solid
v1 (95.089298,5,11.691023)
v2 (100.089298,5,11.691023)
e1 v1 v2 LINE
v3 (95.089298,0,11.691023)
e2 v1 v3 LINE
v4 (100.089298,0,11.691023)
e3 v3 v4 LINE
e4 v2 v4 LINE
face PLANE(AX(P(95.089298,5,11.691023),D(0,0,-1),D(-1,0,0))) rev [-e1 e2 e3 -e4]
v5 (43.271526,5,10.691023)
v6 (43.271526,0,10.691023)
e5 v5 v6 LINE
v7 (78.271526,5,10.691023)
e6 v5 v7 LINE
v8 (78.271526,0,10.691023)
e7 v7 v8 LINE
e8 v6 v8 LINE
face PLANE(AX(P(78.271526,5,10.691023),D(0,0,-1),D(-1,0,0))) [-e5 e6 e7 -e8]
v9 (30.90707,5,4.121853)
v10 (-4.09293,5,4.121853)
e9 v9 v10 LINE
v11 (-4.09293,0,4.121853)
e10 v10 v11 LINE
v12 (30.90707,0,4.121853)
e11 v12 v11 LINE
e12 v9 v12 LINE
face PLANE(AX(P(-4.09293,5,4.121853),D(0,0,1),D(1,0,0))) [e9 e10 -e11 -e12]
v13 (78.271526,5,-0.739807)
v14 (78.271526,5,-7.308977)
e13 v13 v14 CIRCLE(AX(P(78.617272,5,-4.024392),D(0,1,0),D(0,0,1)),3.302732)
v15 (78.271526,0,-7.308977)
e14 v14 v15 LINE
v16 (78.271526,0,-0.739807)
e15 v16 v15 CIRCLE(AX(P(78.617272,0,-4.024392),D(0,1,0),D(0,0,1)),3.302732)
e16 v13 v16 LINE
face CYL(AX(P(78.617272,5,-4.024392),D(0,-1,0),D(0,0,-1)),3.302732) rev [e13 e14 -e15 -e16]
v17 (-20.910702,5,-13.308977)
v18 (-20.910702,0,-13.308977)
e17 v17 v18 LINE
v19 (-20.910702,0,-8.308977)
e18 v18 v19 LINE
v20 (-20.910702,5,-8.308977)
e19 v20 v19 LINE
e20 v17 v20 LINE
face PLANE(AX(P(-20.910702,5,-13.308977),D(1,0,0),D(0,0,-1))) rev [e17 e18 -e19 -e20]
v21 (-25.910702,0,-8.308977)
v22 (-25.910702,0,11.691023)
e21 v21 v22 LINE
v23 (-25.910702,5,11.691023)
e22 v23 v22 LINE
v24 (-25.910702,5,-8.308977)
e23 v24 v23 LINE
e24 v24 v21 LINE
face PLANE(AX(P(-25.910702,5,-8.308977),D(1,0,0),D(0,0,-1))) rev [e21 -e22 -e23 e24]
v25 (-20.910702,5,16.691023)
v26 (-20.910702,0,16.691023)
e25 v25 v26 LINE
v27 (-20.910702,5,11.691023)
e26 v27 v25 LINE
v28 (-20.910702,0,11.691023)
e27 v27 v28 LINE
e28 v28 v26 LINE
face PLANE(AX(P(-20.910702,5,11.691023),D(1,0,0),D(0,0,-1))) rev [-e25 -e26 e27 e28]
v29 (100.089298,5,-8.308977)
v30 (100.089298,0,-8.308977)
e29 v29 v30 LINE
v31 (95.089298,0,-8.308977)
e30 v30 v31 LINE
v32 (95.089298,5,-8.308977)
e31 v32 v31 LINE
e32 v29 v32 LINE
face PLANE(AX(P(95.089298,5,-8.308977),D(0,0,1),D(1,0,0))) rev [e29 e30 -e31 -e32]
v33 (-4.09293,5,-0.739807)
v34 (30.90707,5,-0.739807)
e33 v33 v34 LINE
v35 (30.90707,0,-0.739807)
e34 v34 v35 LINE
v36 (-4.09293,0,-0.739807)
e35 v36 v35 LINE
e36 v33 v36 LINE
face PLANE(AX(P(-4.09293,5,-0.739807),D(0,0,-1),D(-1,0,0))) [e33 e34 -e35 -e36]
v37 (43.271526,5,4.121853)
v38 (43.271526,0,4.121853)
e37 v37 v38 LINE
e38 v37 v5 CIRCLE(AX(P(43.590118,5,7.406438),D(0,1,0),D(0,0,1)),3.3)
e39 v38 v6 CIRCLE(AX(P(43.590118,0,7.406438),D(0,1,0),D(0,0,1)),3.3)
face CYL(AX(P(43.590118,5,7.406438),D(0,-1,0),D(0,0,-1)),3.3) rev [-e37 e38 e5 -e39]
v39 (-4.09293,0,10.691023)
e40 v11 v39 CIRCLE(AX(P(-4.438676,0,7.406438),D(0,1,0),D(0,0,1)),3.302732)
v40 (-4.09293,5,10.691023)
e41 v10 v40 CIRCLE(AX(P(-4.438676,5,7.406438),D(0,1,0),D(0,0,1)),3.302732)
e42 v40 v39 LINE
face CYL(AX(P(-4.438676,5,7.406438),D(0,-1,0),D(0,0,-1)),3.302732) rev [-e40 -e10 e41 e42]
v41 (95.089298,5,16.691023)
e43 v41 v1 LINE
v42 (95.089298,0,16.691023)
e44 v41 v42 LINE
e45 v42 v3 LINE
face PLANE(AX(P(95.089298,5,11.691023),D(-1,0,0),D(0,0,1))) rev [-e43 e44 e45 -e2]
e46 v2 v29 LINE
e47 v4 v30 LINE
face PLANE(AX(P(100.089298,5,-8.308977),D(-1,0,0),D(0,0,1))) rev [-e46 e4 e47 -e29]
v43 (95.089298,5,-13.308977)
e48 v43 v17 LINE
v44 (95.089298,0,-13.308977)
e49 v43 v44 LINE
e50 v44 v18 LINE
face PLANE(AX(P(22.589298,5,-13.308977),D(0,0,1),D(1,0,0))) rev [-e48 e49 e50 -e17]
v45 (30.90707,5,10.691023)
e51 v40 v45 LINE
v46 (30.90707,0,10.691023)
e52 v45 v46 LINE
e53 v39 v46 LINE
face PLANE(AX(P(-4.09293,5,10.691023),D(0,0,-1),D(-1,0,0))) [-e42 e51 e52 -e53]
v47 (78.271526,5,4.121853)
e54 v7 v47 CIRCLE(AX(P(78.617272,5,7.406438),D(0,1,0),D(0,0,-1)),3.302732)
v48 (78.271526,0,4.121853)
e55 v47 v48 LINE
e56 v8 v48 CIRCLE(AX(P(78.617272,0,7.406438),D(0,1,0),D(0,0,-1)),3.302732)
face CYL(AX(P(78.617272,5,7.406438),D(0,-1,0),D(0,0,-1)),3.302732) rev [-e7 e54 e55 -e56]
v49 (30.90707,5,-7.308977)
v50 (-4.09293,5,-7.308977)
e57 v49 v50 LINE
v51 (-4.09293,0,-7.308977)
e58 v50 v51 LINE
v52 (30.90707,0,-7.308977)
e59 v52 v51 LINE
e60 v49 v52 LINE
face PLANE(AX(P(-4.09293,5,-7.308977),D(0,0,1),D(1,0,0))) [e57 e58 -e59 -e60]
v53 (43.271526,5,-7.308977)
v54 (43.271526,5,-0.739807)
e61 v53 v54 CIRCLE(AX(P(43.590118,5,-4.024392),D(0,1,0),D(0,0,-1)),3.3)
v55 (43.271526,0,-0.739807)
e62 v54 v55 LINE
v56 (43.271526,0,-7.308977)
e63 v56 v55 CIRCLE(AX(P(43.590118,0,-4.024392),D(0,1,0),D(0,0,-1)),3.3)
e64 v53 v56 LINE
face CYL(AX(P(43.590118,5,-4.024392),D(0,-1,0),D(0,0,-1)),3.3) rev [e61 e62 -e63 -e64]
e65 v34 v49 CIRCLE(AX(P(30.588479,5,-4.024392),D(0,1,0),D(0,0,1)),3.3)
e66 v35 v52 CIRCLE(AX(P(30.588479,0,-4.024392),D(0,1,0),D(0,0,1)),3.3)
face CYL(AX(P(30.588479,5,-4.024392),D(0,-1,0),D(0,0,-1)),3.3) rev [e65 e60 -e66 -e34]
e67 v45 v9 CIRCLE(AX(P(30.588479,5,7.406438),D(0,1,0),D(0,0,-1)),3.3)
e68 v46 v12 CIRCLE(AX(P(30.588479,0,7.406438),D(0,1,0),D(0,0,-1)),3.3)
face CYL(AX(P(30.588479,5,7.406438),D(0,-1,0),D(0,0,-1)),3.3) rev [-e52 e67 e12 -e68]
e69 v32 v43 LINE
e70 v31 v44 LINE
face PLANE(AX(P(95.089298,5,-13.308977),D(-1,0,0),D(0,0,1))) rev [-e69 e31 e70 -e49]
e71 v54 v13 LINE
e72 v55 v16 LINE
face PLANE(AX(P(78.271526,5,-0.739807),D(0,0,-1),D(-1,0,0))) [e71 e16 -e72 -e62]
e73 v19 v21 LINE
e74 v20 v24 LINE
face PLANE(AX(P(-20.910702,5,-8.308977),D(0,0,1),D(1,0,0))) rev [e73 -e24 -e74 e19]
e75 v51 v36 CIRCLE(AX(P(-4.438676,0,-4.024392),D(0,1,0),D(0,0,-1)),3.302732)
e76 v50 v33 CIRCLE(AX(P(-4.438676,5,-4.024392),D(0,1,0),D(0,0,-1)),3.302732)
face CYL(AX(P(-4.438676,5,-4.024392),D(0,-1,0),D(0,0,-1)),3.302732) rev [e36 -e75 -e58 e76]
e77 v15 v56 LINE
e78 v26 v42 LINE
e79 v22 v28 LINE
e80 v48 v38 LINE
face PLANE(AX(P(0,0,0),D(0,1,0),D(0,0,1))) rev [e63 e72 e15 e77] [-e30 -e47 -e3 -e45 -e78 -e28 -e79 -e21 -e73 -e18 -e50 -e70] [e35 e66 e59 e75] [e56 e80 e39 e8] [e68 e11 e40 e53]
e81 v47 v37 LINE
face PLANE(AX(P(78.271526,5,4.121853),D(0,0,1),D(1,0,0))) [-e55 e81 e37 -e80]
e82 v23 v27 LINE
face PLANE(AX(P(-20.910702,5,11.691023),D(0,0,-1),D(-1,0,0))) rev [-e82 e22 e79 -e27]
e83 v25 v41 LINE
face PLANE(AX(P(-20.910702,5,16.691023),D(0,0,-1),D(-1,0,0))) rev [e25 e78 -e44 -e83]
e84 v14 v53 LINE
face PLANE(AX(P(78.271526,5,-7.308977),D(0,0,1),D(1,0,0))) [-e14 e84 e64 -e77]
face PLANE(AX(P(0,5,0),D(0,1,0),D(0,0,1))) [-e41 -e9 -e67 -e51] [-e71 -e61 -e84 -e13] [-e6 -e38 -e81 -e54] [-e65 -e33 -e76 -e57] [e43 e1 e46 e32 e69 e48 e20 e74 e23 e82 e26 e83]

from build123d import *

# Parameters (mm, degrees)
BOSS_EXTRUDE1_DEPTH = 5


with BuildPart() as part:
    # Sketch2 → Boss-Extrude1 (new body)
    with BuildSketch(Plane(origin=(0, 0, 0), x_dir=(1, 0, 0), z_dir=(0, 1, 0))):
        Polygon((46.589298205, 13.308977097), (51.589298205, 13.308977097), (95.089298205, 13.308977097), (95.089298205, 8.308977097), (100.089298205, 8.308977097), (100.089298205, -11.691022903), (95.089298205, -11.691022903), (95.089298205, -16.691022903), (-20.910701795, -16.691022903), (-20.910701795, -11.691022903), (-25.910701795, -11.691022903), (-25.910701795, 8.308977097), (-20.910701795, 8.308977097), (-20.910701795, 13.308977097), (22.589298205, 13.308977097), (27.589298205, 13.308977097), align=None)
        with BuildLine():
            Line((78.271526231, -10.691022903), (43.271526231, -10.691022903))
            ThreePointArc((43.271526231, -10.691022903), (40.290117596, -7.406437763), (43.271526231, -4.121852623))
            Line((43.271526231, -4.121852623), (78.271526231, -4.121852623))
            ThreePointArc((78.271526231, -4.121852623), (81.920004192, -7.406437763), (78.271526231, -10.691022903))
        make_face(mode=Mode.SUBTRACT)
        with BuildLine():
            Line((-4.092929821, -4.121852623), (30.907070179, -4.121852623))
            ThreePointArc((30.907070179, -4.121852623), (33.888478814, -7.406437763), (30.907070179, -10.691022903))
            Line((30.907070179, -10.691022903), (-4.092929821, -10.691022903))
            ThreePointArc((-4.092929821, -10.691022903), (-7.741407782, -7.406437763), (-4.092929821, -4.121852623))
        make_face(mode=Mode.SUBTRACT)
        with BuildLine():
            Line((-4.092929821, 7.308977097), (30.907070179, 7.308977097))
            ThreePointArc((30.907070179, 7.308977097), (33.888478814, 4.024391957), (30.907070179, 0.739806817))
            Line((30.907070179, 0.739806817), (-4.092929821, 0.739806817))
            ThreePointArc((-4.092929821, 0.739806817), (-7.741407782, 4.024391957), (-4.092929821, 7.308977097))
        make_face(mode=Mode.SUBTRACT)
        with BuildLine():
            Line((78.271526231, 0.739806817), (43.271526231, 0.739806817))
            ThreePointArc((43.271526231, 0.739806817), (40.290117596, 4.024391957), (43.271526231, 7.308977097))
            Line((43.271526231, 7.308977097), (78.271526231, 7.308977097))
            ThreePointArc((78.271526231, 7.308977097), (81.920004192, 4.024391957), (78.271526231, 0.739806817))
        make_face(mode=Mode.SUBTRACT)
    extrude(amount=BOSS_EXTRUDE1_DEPTH)


solid = part.part
